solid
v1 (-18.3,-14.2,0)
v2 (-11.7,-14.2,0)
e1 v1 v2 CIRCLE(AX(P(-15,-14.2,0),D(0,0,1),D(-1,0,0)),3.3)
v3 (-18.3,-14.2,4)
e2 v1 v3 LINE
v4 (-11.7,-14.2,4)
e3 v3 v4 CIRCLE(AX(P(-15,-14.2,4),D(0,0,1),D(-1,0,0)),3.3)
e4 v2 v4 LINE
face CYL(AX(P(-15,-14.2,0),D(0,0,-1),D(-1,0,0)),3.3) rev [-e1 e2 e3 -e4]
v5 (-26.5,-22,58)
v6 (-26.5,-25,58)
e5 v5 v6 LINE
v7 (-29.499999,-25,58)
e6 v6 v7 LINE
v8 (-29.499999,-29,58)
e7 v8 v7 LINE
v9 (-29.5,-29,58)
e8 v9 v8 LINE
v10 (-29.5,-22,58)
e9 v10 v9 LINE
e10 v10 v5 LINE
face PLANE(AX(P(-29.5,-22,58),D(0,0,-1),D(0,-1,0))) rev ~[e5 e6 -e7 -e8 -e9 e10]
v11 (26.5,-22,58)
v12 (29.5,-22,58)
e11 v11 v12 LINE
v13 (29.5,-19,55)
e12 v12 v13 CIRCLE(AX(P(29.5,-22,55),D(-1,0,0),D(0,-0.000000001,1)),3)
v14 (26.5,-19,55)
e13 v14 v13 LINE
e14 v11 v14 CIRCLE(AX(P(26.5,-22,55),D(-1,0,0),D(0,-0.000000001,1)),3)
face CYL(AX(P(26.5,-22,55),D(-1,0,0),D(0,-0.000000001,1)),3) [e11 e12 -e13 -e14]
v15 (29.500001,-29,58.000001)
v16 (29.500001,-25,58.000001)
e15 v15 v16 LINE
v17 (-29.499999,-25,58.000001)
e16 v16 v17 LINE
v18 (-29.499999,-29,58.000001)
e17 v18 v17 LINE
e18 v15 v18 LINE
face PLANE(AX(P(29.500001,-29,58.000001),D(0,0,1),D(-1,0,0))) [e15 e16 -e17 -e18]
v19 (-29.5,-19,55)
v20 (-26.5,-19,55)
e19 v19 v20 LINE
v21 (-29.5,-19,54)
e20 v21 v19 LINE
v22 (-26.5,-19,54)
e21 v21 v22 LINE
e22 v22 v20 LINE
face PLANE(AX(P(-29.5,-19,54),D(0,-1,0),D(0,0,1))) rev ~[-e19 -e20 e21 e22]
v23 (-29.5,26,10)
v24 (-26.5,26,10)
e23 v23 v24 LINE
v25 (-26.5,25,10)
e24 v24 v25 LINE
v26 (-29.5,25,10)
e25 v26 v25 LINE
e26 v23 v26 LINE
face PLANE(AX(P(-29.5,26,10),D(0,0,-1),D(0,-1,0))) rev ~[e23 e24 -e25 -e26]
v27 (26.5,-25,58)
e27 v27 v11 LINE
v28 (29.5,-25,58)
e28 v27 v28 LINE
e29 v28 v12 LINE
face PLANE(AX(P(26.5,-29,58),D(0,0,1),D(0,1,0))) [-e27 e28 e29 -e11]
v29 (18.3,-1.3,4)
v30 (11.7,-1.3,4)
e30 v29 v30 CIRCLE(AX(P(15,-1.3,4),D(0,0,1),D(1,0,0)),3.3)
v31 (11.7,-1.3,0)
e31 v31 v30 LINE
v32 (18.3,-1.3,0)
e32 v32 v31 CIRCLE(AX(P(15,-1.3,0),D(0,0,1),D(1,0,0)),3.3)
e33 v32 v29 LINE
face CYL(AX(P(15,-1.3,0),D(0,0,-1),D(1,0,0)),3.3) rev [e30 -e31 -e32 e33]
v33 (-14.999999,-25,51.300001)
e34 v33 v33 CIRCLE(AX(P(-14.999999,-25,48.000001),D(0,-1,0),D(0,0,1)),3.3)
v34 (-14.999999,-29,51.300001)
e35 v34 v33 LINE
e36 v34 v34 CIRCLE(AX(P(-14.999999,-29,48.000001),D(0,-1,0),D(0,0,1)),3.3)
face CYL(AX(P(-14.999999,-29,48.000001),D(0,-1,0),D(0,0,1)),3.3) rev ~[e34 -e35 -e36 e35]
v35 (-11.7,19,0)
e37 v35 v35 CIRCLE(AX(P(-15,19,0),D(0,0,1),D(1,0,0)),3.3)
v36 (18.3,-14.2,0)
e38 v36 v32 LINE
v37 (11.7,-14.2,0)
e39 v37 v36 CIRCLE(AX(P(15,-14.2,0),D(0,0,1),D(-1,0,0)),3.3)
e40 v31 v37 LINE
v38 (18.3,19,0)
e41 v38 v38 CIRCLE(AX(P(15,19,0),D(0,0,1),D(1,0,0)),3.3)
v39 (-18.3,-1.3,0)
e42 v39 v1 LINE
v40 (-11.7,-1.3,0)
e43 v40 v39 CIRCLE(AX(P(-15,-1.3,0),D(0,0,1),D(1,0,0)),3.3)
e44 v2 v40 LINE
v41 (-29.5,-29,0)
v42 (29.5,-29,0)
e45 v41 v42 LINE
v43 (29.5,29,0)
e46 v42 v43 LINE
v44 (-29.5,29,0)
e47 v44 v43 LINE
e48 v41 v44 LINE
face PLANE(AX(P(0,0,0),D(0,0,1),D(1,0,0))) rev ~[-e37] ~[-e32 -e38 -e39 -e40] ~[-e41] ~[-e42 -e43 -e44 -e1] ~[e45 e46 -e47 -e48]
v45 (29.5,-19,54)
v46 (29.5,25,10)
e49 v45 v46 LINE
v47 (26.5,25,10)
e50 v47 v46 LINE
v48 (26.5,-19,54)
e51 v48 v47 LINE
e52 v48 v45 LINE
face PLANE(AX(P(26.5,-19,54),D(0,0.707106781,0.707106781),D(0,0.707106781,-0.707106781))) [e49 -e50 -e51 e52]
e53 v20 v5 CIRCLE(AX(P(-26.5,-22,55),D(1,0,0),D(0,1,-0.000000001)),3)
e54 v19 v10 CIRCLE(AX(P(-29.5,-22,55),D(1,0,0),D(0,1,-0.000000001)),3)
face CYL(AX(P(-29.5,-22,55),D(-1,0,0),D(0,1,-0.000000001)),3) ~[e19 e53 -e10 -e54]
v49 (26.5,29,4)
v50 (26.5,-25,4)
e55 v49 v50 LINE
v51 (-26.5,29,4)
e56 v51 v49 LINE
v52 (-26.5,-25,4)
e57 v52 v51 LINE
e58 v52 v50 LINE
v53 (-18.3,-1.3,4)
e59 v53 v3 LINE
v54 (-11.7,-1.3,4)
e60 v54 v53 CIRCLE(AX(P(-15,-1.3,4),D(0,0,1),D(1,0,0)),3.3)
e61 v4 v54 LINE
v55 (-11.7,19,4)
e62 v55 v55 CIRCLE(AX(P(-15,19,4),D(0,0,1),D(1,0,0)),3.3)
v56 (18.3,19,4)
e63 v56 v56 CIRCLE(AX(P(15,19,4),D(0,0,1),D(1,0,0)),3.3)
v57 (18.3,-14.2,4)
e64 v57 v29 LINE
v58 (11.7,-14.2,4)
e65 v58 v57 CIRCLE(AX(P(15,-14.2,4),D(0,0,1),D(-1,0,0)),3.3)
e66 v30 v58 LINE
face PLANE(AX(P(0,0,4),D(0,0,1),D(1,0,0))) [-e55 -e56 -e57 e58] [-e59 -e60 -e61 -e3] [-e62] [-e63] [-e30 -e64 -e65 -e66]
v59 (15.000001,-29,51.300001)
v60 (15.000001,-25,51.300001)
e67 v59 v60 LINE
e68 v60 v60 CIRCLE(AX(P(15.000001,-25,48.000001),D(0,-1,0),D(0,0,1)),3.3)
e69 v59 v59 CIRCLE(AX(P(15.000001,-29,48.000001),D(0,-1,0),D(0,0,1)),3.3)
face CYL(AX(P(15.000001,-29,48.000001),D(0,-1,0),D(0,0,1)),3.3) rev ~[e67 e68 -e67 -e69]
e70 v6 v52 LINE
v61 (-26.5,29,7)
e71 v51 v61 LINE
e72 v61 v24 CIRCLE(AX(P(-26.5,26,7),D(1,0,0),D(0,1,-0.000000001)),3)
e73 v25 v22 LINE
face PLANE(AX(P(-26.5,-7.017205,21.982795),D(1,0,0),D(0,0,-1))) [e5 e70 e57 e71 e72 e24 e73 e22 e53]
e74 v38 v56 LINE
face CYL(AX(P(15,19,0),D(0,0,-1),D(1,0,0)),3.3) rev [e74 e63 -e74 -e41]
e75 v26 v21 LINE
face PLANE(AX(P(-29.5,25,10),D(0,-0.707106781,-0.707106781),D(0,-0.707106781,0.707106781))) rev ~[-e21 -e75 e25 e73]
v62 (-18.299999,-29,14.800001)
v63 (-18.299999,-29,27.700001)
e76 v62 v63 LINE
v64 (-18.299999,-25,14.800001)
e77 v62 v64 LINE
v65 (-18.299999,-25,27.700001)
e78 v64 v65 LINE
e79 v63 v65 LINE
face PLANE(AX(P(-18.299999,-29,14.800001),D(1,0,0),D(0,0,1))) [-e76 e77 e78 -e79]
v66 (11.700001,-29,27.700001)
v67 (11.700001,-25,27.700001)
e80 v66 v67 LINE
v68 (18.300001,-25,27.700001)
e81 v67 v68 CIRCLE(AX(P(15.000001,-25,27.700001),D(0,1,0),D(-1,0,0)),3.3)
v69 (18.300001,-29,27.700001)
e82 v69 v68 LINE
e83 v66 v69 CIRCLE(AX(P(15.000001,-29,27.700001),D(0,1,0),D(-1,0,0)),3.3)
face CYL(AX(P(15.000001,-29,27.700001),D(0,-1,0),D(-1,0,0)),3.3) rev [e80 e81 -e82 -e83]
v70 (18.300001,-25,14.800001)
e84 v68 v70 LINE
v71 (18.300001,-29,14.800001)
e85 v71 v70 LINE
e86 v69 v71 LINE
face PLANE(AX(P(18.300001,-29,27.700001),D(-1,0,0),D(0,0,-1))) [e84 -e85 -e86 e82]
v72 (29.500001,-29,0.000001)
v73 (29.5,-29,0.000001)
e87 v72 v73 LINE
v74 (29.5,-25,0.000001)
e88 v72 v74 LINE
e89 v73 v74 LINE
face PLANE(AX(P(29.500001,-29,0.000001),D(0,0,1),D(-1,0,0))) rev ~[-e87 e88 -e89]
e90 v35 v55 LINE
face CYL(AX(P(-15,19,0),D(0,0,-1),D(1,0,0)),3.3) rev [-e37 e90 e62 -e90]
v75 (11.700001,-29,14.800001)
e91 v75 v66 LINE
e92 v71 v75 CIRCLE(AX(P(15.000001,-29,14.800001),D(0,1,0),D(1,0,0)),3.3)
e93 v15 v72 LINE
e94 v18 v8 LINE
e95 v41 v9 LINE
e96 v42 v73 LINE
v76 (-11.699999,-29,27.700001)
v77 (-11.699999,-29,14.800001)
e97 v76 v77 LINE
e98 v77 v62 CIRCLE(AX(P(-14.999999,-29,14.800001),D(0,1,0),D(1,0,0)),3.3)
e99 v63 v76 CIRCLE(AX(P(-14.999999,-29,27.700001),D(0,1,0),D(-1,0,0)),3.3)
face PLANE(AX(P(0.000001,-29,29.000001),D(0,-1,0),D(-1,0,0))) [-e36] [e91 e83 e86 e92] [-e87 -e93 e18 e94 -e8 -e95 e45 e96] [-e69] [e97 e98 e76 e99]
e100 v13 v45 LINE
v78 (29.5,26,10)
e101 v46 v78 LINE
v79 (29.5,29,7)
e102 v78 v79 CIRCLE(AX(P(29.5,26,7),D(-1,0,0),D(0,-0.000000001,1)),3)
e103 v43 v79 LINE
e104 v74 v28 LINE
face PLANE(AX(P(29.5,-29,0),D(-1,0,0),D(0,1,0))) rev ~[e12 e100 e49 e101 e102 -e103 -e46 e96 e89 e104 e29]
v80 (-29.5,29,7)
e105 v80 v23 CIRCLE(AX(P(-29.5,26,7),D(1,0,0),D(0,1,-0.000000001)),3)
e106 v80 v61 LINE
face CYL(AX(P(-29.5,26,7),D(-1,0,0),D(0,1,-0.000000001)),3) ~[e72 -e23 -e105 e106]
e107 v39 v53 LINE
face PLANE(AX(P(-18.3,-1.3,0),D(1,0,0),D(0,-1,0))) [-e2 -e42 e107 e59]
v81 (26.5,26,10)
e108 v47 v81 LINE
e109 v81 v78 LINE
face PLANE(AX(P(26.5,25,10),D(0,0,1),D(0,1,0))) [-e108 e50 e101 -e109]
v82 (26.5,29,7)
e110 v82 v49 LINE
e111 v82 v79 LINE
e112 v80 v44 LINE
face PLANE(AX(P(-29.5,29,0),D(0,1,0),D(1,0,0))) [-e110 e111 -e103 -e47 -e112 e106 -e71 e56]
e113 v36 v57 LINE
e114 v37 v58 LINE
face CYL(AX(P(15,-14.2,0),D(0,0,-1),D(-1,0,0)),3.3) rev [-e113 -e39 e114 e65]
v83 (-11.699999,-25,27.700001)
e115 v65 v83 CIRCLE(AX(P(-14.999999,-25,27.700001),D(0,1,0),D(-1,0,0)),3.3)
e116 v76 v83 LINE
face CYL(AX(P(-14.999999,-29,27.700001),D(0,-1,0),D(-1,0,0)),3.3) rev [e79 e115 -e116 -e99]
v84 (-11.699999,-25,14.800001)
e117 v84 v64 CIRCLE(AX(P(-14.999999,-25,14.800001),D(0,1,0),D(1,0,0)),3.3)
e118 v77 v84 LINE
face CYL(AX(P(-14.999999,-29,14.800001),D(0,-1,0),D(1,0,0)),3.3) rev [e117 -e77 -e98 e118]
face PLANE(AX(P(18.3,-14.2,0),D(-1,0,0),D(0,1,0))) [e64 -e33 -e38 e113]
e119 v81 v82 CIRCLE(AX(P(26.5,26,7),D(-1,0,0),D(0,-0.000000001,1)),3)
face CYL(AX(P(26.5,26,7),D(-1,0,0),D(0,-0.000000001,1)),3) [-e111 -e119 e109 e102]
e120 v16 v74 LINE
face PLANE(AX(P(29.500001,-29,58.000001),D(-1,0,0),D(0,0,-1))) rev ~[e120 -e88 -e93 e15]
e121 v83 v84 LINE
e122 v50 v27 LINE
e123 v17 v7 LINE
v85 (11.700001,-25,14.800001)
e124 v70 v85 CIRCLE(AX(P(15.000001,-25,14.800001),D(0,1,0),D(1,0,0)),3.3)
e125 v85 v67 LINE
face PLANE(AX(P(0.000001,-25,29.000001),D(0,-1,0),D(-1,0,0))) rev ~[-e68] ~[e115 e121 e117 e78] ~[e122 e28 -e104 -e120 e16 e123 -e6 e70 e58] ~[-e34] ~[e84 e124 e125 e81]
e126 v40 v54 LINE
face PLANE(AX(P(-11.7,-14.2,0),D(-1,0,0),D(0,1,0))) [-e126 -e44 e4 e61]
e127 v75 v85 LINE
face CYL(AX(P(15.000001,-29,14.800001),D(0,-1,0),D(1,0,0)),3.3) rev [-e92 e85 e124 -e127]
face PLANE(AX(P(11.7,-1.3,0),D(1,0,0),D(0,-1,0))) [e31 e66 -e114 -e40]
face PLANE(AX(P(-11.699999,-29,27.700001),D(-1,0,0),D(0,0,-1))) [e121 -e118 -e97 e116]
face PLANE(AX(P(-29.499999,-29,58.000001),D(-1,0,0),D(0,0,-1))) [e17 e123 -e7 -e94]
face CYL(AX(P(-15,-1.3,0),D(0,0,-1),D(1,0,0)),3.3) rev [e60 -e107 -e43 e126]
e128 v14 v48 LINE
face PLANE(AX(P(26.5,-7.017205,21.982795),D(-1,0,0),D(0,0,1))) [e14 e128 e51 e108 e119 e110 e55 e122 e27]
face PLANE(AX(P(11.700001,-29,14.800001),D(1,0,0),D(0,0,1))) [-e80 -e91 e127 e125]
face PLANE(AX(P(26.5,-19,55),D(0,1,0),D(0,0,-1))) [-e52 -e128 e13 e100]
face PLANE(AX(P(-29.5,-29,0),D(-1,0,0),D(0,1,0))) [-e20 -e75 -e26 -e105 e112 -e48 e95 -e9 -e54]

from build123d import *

# Parameters (mm, degrees)
SKETCH_1_W      = 59
SKETCH_1_H      = 58
SKETCH_1_R      = 3.3
EXTRUDE_1_DEPTH = 4
EXTRUDE_3_DEPTH = 3
EXTRUDE_START   = -3
EXTRUDE_6_DEPTH = 3
SKETCH_4_W      = 59
SKETCH_4_H      = 58
SKETCH_4_R      = 3.3
EXTRUDE_7_DEPTH = 4


with BuildPart() as part:
    # Эскиз1 → Бобышка-Вытянуть1 (new body)
    with BuildSketch(Plane.XY):
        Rectangle(SKETCH_1_W, SKETCH_1_H)
        with Locations((-15, 19)):
            Circle(SKETCH_1_R, mode=Mode.SUBTRACT)
        with Locations((15, 19)):
            Circle(SKETCH_1_R, mode=Mode.SUBTRACT)
        with BuildLine():
            Line((18.3, -14.2), (18.3, -1.3))
            ThreePointArc((18.3, -1.3), (15, 2), (11.7, -1.3))
            Line((11.7, -1.3), (11.7, -14.2))
            ThreePointArc((11.7, -14.2), (15, -17.5), (18.3, -14.2))
        make_face(mode=Mode.SUBTRACT)
        with BuildLine():
            Line((-18.3, -1.3), (-18.3, -14.2))
            ThreePointArc((-18.3, -14.2), (-15, -17.5), (-11.7, -14.2))
            Line((-11.7, -14.2), (-11.7, -1.3))
            ThreePointArc((-11.7, -1.3), (-15, 2), (-18.3, -1.3))
        make_face(mode=Mode.SUBTRACT)
    extrude(amount=EXTRUDE_1_DEPTH)

    # Эскиз5 → Бобышка-Вытянуть3 (add)
    with BuildSketch(Plane.ZY.offset(29.5)):
        with BuildLine():
            Line((0, 29), (7, 29))
            ThreePointArc((7, 29), (9.121320344, 28.121320344), (10, 26))
            Line((10, 26), (10, 25))
            Line((10, 25), (54, -19))
            Line((54, -19), (55, -19))
            ThreePointArc((55, -19), (57.121320344, -19.878679656), (58, -22))
            Line((58, -22), (58, -29))
            Line((58, -29), (0, -29))
            Line((0, -29), (0, 29))
        make_face()
    extrude(amount=-EXTRUDE_3_DEPTH)

    # Эскиз6 → Бобышка-Вытянуть6 (add)
    with BuildSketch(Plane(origin=(29.5, 0, 0), x_dir=(0, 0, -1), z_dir=(1, 0, 0)).offset(EXTRUDE_START)):
        with BuildLine():
            Line((0, 29), (0, -29))
            Line((0, -29), (-58, -29))
            Line((-58, -29), (-58, -22))
            ThreePointArc((-58, -22), (-57.121320344, -19.878679656), (-55, -19))
            Line((-55, -19), (-54, -19))
            Line((-54, -19), (-10, 25))
            Line((-10, 25), (-10, 26))
            ThreePointArc((-10, 26), (-9.121320344, 28.121320344), (-7, 29))
            Line((-7, 29), (0, 29))
        make_face()
    extrude(amount=EXTRUDE_6_DEPTH)

    # Эскиз4 → Бобышка-Вытянуть7 (add)
    with BuildSketch(Plane(origin=(0, -29, 0), x_dir=(-1, 0, 0), z_dir=(0, -1, 0))):
        with Locations((-5.17e-07, -29.000001301)):
            Rectangle(SKETCH_4_W, SKETCH_4_H)
        with Locations(Location((14.999999483, -48.000001301, 0), (0, 0, 270))):
            Circle(SKETCH_4_R, mode=Mode.SUBTRACT)
        with Locations(Location((-15.000000517, -48.000001301, 0), (0, 0, 270))):
            Circle(SKETCH_4_R, mode=Mode.SUBTRACT)
        with BuildLine():
            Line((11.699999483, -27.700001301), (11.699999483, -14.800001301))
            ThreePointArc((11.699999483, -14.800001301), (14.999999483, -11.500001301), (18.299999483, -14.800001301))
            Line((18.299999483, -14.800001301), (18.299999483, -27.700001301))
            ThreePointArc((18.299999483, -27.700001301), (14.999999483, -31.000001301), (11.699999483, -27.700001301))
        make_face(mode=Mode.SUBTRACT)
        with BuildLine():
            Line((-11.700000517, -14.800001301), (-11.700000517, -27.700001301))
            ThreePointArc((-11.700000517, -27.700001301), (-15.000000517, -31.000001301), (-18.300000517, -27.700001301))
            Line((-18.300000517, -27.700001301), (-18.300000517, -14.800001301))
            ThreePointArc((-18.300000517, -14.800001301), (-15.000000517, -11.500001301), (-11.700000517, -14.800001301))
        make_face(mode=Mode.SUBTRACT)
    extrude(amount=-EXTRUDE_7_DEPTH)


solid = part.part
